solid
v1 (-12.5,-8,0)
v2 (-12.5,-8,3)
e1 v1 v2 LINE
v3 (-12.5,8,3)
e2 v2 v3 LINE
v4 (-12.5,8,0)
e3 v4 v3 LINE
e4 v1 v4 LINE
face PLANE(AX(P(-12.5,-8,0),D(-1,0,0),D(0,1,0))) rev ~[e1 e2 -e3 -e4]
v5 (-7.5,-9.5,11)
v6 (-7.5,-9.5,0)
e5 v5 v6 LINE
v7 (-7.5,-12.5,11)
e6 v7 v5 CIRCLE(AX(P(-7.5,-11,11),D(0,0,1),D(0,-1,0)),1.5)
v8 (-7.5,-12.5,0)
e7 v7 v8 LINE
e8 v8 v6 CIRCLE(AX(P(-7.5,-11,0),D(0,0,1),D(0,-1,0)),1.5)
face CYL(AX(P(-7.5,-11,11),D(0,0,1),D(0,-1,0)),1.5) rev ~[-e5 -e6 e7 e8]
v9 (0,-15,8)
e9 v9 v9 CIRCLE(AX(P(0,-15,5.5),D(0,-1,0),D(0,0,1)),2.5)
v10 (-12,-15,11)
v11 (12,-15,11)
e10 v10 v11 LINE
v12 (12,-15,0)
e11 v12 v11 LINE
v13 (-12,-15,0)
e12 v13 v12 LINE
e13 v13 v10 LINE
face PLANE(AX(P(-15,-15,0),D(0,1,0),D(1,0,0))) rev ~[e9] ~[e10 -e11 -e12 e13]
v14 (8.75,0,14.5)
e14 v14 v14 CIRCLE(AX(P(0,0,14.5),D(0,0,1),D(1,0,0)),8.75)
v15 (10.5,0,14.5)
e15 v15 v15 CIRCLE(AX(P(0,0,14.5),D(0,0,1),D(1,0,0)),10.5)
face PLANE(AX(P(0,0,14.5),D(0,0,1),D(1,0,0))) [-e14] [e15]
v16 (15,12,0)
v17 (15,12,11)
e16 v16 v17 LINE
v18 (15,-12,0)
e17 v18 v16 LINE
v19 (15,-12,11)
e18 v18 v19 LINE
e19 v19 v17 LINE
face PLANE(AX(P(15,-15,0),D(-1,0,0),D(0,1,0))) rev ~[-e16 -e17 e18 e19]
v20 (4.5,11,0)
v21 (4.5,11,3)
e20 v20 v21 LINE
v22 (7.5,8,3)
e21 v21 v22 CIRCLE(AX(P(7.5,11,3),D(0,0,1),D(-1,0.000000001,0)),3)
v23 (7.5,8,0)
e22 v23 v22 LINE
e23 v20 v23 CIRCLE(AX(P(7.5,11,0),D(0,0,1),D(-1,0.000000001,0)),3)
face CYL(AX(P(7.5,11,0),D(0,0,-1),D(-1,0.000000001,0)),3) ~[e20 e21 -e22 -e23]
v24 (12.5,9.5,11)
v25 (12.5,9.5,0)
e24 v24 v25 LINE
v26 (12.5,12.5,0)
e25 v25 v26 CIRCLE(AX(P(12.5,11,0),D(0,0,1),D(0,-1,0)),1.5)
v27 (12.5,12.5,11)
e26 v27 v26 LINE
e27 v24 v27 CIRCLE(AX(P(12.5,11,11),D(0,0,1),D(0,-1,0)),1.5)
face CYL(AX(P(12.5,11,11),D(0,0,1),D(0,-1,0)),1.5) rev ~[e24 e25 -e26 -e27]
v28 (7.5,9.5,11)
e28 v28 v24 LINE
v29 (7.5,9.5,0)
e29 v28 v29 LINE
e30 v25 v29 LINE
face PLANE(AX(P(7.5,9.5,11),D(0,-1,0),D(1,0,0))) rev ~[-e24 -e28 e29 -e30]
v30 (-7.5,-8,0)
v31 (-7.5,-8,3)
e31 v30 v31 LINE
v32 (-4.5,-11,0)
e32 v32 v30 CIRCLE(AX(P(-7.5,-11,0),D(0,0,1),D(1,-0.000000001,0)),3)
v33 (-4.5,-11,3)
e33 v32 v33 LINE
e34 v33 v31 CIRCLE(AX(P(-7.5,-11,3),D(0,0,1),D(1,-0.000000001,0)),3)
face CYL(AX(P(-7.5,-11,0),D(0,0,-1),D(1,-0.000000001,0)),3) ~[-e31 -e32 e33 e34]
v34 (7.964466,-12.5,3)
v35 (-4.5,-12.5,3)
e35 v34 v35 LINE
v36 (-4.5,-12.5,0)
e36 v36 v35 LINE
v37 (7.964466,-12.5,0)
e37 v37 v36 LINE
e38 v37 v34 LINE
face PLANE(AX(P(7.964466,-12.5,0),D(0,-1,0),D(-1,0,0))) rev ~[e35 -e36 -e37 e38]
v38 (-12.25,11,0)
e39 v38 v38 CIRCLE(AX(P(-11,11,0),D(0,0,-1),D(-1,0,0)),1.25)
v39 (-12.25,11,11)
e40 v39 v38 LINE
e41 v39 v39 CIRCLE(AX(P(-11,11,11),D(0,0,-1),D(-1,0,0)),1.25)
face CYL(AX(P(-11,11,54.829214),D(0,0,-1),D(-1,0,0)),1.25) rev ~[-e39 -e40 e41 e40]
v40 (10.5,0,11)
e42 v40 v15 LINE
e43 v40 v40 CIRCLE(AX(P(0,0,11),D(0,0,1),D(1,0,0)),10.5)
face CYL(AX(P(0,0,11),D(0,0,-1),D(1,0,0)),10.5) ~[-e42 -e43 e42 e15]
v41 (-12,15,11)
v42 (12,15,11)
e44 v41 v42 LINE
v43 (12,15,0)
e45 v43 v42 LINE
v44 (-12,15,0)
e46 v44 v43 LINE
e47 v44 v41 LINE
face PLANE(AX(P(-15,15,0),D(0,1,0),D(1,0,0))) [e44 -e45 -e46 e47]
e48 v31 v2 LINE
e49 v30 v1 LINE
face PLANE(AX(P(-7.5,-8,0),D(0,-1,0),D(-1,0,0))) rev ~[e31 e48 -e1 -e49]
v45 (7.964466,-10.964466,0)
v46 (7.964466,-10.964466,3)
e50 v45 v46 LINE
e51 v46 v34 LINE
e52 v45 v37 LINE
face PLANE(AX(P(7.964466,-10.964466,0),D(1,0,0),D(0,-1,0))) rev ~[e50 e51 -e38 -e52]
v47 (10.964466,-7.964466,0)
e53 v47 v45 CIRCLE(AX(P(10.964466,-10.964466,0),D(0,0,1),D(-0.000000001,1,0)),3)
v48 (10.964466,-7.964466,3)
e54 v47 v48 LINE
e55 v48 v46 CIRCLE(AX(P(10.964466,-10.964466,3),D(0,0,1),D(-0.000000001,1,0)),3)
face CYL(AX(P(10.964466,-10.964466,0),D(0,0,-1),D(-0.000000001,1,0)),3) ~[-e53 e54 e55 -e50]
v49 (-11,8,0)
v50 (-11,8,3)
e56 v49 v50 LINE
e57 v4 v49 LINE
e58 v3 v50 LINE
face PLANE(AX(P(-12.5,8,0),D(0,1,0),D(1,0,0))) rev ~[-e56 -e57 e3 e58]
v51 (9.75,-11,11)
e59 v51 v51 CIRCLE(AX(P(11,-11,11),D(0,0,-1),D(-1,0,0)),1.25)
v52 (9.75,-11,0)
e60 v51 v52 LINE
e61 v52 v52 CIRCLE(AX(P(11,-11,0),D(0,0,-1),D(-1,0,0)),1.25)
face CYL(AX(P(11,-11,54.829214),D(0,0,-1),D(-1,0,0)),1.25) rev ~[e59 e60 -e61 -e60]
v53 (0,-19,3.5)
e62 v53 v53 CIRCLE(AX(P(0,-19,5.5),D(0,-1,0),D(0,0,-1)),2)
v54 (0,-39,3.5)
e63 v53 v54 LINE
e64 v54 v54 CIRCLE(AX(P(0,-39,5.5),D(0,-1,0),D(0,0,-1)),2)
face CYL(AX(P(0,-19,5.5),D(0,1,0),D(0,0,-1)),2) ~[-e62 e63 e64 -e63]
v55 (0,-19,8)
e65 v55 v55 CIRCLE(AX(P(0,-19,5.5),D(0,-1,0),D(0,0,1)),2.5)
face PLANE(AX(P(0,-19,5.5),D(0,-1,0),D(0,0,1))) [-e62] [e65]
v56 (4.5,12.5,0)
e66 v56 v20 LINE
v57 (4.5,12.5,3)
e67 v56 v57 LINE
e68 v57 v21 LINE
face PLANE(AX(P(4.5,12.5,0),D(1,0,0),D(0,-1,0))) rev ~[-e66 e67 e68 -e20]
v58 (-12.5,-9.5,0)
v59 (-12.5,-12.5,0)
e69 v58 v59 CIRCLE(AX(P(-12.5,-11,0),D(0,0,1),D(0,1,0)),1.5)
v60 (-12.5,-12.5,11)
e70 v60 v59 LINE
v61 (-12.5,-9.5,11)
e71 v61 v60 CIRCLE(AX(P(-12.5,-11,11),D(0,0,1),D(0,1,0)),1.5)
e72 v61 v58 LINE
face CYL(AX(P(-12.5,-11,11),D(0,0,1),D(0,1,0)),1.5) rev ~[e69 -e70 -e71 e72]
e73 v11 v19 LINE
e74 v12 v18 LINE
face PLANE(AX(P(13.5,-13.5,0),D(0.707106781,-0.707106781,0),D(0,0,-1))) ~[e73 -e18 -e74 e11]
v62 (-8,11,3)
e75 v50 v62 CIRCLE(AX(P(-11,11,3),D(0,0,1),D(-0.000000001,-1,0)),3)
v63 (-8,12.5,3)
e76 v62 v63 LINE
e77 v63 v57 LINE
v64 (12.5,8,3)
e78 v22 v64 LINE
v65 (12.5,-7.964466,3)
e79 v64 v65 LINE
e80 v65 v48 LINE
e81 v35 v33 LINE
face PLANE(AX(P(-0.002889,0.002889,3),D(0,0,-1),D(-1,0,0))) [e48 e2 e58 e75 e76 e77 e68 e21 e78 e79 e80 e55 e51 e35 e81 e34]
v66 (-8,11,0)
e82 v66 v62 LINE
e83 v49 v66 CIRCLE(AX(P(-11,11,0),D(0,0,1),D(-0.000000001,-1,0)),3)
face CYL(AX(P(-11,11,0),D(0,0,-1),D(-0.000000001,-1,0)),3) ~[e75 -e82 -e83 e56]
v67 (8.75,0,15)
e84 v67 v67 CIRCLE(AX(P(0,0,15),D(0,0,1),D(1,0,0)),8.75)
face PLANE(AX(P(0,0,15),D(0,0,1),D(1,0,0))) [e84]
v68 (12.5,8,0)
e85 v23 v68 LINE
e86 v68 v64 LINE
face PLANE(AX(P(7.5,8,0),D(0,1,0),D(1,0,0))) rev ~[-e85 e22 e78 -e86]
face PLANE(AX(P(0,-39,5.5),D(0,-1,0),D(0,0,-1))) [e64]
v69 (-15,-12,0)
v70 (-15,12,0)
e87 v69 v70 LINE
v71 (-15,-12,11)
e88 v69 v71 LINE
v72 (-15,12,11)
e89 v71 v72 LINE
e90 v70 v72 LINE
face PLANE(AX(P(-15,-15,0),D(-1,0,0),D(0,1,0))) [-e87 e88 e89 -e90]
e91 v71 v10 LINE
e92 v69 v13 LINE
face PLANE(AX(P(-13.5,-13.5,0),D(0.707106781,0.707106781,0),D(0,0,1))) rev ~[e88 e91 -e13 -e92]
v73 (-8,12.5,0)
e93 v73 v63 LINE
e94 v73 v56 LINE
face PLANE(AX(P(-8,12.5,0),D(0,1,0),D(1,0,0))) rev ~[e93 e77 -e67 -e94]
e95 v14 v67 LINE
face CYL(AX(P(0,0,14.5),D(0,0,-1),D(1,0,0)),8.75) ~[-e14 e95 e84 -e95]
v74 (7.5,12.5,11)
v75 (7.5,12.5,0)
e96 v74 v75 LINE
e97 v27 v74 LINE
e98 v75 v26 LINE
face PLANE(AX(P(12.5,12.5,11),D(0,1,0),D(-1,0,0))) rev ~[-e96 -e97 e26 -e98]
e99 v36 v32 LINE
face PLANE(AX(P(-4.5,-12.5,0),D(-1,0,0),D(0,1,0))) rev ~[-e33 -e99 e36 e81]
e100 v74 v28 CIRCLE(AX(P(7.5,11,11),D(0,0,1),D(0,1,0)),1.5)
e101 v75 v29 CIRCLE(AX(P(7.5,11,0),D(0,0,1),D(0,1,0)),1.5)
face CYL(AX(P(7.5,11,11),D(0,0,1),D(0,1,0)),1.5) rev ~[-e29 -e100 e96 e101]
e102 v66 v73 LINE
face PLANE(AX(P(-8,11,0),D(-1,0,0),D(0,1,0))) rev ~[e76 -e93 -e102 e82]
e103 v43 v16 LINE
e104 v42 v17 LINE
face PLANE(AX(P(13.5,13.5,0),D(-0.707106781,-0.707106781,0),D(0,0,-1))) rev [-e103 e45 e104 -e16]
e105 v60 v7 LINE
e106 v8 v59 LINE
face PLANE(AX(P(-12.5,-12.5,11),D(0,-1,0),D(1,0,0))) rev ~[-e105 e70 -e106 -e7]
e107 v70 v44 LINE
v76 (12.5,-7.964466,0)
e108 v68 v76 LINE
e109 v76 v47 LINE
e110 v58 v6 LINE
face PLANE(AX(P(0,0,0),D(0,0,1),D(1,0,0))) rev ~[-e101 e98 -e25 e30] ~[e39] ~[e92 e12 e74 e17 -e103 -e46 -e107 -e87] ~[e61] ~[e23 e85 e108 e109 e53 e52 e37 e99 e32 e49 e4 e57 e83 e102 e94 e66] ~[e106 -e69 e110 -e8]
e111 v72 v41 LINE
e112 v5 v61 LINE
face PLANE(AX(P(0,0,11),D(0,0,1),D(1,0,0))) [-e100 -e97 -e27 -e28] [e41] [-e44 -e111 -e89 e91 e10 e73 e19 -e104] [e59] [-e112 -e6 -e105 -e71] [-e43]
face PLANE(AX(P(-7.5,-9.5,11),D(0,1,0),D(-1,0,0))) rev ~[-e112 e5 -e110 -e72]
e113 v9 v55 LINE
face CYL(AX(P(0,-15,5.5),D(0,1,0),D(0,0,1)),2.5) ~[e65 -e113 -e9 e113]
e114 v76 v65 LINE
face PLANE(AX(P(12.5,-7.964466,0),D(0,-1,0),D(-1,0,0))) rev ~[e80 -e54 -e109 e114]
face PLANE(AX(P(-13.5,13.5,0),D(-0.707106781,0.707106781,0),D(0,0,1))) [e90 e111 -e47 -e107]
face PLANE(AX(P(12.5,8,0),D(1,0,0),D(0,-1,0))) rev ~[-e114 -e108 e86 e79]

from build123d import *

# Parameters (mm, degrees)
ESQUISSE1_W             = 30
ESQUISSE1_H             = 30
BOSS_EXTRU_1_DEPTH      = 11
TROU_TARAUD_M31_D       = 2.5
ENL_V_MAT_EXTRU_1_REACH = 25.896
ESQUISSE6_R             = 10.5
BOSS_EXTRU_2_DEPTH      = 3.5
ESQUISSE7_R             = 8.75
BOSS_EXTRU_3_DEPTH      = 0.5
ESQUISSE8_R             = 2.5
BOSS_EXTRU_4_DEPTH      = 4
ESQUISSE9_R             = 2
BOSS_EXTRU_5_DEPTH      = 20
CHANFREIN1_SIZE         = 3
ENL_V_MAT_EXTRU_2_DEPTH = 3


with BuildPart() as part:
    # Esquisse1 → Boss.-Extru.1 (new body)
    with BuildSketch(Plane.XY):
        Rectangle(ESQUISSE1_W, ESQUISSE1_H)
    extrude(amount=BOSS_EXTRU_1_DEPTH)

    # Trou taraudé M31 (through all)
    with Locations(Plane.XY.offset(11)):
        with Locations((11, -11), (-11, 11)):
            Hole(TROU_TARAUD_M31_D / 2)

    # Esquisse5 → Enlèv. mat.-Extru.1 (cut, up to next)
    with BuildSketch(Plane.XY.offset(11), mode=Mode.PRIVATE) as enl_v_mat_extru_1_sk1:
        with BuildLine():
            Line((12.5, 12.5), (7.5, 12.5))
            ThreePointArc((7.5, 12.5), (6, 11), (7.5, 9.5))
            Line((7.5, 9.5), (12.5, 9.5))
            ThreePointArc((12.5, 9.5), (14, 11), (12.5, 12.5))
        make_face()
    enl_v_mat_extru_1_tool1 = extrude(enl_v_mat_extru_1_sk1.sketch, amount=-ENL_V_MAT_EXTRU_1_REACH, mode=Mode.PRIVATE) & part.part
    # Esquisse5 → Enlèv. mat.-Extru.1 (cut, up to next)
    with BuildSketch(Plane.XY.offset(11), mode=Mode.PRIVATE) as enl_v_mat_extru_1_sk2:
        with BuildLine():
            Line((-7.5, -9.5), (-12.5, -9.5))
            ThreePointArc((-12.5, -9.5), (-14, -11), (-12.5, -12.5))
            Line((-12.5, -12.5), (-7.5, -12.5))
            ThreePointArc((-7.5, -12.5), (-6, -11), (-7.5, -9.5))
        make_face()
    enl_v_mat_extru_1_tool2 = extrude(enl_v_mat_extru_1_sk2.sketch, amount=-ENL_V_MAT_EXTRU_1_REACH, mode=Mode.PRIVATE) & part.part
    add(enl_v_mat_extru_1_tool1.solids().sort_by_distance((10, 11, 11))[0], mode=Mode.SUBTRACT)
    add(enl_v_mat_extru_1_tool2.solids().sort_by_distance((-10, -11, 11))[0], mode=Mode.SUBTRACT)

    # Esquisse6 → Boss.-Extru.2 (add)
    with BuildSketch(Plane.XY.offset(11)):
        Circle(ESQUISSE6_R)
    extrude(amount=BOSS_EXTRU_2_DEPTH)

    # Esquisse7 → Boss.-Extru.3 (add)
    with BuildSketch(Plane.XY.offset(14.5)):
        Circle(ESQUISSE7_R)
    extrude(amount=BOSS_EXTRU_3_DEPTH)

    # Esquisse8 → Boss.-Extru.4 (add)
    with BuildSketch(Plane(origin=(0, -15, 0), x_dir=(-1, 0, 0), z_dir=(0, -1, 0))):
        with Locations(Location((0, -5.5, 0), (0, 0, 270))):
            Circle(ESQUISSE8_R)
    extrude(amount=BOSS_EXTRU_4_DEPTH)

    # Esquisse9 → Boss.-Extru.5 (add)
    with BuildSketch(Plane(origin=(0, -19, 0), x_dir=(-1, 0, 0), z_dir=(0, -1, 0))):
        with Locations(Location((0, -5.5, 0), (0, 0, 90))):
            Circle(ESQUISSE9_R)
    extrude(amount=BOSS_EXTRU_5_DEPTH)

    # Chanfrein1
    chanfrein1_edges = [part.edges().sort_by_distance(p)[0] for p in [
        (-15, 15, 5.5),
        (15, 15, 5.5),
        (15, -15, 5.5),
        (-15, -15, 5.5),
    ]]
    chamfer(chanfrein1_edges, length=CHANFREIN1_SIZE)

    # Esquisse10 → Enlèv. mat.-Extru.2 (cut)
    with BuildSketch(Plane(origin=(0, 0, 0), x_dir=(-1, 0, 0), z_dir=(0, 0, -1))):
        with BuildLine():
            Line((-7.5, 8), (-12.5, 8))
            Line((-12.5, 8), (-12.5, -7.964466094))
            Line((-12.5, -7.964466094), (-10.964466094, -7.964466094))
            ThreePointArc((-10.964466094, -7.964466094), (-8.843145751, -8.843145751), (-7.964466094, -10.964466094))
            Line((-7.964466094, -10.964466094), (-7.964466094, -12.5))
            Line((-7.964466094, -12.5), (4.5, -12.5))
            Line((4.5, -12.5), (4.5, -11))
            ThreePointArc((4.5, -11), (5.378679656, -8.878679656), (7.5, -8))
            Line((7.5, -8), (12.5, -8))
            Line((12.5, -8), (12.5, 8))
            Line((12.5, 8), (11, 8))
            ThreePointArc((11, 8), (8.878679656, 8.878679656), (8, 11))
            Line((8, 11), (8, 12.5))
            Line((8, 12.5), (-4.5, 12.5))
            Line((-4.5, 12.5), (-4.5, 11))
            ThreePointArc((-4.5, 11), (-5.378679656, 8.878679656), (-7.5, 8))
        make_face()
    extrude(amount=-ENL_V_MAT_EXTRU_2_DEPTH, mode=Mode.SUBTRACT)


solid = part.part
